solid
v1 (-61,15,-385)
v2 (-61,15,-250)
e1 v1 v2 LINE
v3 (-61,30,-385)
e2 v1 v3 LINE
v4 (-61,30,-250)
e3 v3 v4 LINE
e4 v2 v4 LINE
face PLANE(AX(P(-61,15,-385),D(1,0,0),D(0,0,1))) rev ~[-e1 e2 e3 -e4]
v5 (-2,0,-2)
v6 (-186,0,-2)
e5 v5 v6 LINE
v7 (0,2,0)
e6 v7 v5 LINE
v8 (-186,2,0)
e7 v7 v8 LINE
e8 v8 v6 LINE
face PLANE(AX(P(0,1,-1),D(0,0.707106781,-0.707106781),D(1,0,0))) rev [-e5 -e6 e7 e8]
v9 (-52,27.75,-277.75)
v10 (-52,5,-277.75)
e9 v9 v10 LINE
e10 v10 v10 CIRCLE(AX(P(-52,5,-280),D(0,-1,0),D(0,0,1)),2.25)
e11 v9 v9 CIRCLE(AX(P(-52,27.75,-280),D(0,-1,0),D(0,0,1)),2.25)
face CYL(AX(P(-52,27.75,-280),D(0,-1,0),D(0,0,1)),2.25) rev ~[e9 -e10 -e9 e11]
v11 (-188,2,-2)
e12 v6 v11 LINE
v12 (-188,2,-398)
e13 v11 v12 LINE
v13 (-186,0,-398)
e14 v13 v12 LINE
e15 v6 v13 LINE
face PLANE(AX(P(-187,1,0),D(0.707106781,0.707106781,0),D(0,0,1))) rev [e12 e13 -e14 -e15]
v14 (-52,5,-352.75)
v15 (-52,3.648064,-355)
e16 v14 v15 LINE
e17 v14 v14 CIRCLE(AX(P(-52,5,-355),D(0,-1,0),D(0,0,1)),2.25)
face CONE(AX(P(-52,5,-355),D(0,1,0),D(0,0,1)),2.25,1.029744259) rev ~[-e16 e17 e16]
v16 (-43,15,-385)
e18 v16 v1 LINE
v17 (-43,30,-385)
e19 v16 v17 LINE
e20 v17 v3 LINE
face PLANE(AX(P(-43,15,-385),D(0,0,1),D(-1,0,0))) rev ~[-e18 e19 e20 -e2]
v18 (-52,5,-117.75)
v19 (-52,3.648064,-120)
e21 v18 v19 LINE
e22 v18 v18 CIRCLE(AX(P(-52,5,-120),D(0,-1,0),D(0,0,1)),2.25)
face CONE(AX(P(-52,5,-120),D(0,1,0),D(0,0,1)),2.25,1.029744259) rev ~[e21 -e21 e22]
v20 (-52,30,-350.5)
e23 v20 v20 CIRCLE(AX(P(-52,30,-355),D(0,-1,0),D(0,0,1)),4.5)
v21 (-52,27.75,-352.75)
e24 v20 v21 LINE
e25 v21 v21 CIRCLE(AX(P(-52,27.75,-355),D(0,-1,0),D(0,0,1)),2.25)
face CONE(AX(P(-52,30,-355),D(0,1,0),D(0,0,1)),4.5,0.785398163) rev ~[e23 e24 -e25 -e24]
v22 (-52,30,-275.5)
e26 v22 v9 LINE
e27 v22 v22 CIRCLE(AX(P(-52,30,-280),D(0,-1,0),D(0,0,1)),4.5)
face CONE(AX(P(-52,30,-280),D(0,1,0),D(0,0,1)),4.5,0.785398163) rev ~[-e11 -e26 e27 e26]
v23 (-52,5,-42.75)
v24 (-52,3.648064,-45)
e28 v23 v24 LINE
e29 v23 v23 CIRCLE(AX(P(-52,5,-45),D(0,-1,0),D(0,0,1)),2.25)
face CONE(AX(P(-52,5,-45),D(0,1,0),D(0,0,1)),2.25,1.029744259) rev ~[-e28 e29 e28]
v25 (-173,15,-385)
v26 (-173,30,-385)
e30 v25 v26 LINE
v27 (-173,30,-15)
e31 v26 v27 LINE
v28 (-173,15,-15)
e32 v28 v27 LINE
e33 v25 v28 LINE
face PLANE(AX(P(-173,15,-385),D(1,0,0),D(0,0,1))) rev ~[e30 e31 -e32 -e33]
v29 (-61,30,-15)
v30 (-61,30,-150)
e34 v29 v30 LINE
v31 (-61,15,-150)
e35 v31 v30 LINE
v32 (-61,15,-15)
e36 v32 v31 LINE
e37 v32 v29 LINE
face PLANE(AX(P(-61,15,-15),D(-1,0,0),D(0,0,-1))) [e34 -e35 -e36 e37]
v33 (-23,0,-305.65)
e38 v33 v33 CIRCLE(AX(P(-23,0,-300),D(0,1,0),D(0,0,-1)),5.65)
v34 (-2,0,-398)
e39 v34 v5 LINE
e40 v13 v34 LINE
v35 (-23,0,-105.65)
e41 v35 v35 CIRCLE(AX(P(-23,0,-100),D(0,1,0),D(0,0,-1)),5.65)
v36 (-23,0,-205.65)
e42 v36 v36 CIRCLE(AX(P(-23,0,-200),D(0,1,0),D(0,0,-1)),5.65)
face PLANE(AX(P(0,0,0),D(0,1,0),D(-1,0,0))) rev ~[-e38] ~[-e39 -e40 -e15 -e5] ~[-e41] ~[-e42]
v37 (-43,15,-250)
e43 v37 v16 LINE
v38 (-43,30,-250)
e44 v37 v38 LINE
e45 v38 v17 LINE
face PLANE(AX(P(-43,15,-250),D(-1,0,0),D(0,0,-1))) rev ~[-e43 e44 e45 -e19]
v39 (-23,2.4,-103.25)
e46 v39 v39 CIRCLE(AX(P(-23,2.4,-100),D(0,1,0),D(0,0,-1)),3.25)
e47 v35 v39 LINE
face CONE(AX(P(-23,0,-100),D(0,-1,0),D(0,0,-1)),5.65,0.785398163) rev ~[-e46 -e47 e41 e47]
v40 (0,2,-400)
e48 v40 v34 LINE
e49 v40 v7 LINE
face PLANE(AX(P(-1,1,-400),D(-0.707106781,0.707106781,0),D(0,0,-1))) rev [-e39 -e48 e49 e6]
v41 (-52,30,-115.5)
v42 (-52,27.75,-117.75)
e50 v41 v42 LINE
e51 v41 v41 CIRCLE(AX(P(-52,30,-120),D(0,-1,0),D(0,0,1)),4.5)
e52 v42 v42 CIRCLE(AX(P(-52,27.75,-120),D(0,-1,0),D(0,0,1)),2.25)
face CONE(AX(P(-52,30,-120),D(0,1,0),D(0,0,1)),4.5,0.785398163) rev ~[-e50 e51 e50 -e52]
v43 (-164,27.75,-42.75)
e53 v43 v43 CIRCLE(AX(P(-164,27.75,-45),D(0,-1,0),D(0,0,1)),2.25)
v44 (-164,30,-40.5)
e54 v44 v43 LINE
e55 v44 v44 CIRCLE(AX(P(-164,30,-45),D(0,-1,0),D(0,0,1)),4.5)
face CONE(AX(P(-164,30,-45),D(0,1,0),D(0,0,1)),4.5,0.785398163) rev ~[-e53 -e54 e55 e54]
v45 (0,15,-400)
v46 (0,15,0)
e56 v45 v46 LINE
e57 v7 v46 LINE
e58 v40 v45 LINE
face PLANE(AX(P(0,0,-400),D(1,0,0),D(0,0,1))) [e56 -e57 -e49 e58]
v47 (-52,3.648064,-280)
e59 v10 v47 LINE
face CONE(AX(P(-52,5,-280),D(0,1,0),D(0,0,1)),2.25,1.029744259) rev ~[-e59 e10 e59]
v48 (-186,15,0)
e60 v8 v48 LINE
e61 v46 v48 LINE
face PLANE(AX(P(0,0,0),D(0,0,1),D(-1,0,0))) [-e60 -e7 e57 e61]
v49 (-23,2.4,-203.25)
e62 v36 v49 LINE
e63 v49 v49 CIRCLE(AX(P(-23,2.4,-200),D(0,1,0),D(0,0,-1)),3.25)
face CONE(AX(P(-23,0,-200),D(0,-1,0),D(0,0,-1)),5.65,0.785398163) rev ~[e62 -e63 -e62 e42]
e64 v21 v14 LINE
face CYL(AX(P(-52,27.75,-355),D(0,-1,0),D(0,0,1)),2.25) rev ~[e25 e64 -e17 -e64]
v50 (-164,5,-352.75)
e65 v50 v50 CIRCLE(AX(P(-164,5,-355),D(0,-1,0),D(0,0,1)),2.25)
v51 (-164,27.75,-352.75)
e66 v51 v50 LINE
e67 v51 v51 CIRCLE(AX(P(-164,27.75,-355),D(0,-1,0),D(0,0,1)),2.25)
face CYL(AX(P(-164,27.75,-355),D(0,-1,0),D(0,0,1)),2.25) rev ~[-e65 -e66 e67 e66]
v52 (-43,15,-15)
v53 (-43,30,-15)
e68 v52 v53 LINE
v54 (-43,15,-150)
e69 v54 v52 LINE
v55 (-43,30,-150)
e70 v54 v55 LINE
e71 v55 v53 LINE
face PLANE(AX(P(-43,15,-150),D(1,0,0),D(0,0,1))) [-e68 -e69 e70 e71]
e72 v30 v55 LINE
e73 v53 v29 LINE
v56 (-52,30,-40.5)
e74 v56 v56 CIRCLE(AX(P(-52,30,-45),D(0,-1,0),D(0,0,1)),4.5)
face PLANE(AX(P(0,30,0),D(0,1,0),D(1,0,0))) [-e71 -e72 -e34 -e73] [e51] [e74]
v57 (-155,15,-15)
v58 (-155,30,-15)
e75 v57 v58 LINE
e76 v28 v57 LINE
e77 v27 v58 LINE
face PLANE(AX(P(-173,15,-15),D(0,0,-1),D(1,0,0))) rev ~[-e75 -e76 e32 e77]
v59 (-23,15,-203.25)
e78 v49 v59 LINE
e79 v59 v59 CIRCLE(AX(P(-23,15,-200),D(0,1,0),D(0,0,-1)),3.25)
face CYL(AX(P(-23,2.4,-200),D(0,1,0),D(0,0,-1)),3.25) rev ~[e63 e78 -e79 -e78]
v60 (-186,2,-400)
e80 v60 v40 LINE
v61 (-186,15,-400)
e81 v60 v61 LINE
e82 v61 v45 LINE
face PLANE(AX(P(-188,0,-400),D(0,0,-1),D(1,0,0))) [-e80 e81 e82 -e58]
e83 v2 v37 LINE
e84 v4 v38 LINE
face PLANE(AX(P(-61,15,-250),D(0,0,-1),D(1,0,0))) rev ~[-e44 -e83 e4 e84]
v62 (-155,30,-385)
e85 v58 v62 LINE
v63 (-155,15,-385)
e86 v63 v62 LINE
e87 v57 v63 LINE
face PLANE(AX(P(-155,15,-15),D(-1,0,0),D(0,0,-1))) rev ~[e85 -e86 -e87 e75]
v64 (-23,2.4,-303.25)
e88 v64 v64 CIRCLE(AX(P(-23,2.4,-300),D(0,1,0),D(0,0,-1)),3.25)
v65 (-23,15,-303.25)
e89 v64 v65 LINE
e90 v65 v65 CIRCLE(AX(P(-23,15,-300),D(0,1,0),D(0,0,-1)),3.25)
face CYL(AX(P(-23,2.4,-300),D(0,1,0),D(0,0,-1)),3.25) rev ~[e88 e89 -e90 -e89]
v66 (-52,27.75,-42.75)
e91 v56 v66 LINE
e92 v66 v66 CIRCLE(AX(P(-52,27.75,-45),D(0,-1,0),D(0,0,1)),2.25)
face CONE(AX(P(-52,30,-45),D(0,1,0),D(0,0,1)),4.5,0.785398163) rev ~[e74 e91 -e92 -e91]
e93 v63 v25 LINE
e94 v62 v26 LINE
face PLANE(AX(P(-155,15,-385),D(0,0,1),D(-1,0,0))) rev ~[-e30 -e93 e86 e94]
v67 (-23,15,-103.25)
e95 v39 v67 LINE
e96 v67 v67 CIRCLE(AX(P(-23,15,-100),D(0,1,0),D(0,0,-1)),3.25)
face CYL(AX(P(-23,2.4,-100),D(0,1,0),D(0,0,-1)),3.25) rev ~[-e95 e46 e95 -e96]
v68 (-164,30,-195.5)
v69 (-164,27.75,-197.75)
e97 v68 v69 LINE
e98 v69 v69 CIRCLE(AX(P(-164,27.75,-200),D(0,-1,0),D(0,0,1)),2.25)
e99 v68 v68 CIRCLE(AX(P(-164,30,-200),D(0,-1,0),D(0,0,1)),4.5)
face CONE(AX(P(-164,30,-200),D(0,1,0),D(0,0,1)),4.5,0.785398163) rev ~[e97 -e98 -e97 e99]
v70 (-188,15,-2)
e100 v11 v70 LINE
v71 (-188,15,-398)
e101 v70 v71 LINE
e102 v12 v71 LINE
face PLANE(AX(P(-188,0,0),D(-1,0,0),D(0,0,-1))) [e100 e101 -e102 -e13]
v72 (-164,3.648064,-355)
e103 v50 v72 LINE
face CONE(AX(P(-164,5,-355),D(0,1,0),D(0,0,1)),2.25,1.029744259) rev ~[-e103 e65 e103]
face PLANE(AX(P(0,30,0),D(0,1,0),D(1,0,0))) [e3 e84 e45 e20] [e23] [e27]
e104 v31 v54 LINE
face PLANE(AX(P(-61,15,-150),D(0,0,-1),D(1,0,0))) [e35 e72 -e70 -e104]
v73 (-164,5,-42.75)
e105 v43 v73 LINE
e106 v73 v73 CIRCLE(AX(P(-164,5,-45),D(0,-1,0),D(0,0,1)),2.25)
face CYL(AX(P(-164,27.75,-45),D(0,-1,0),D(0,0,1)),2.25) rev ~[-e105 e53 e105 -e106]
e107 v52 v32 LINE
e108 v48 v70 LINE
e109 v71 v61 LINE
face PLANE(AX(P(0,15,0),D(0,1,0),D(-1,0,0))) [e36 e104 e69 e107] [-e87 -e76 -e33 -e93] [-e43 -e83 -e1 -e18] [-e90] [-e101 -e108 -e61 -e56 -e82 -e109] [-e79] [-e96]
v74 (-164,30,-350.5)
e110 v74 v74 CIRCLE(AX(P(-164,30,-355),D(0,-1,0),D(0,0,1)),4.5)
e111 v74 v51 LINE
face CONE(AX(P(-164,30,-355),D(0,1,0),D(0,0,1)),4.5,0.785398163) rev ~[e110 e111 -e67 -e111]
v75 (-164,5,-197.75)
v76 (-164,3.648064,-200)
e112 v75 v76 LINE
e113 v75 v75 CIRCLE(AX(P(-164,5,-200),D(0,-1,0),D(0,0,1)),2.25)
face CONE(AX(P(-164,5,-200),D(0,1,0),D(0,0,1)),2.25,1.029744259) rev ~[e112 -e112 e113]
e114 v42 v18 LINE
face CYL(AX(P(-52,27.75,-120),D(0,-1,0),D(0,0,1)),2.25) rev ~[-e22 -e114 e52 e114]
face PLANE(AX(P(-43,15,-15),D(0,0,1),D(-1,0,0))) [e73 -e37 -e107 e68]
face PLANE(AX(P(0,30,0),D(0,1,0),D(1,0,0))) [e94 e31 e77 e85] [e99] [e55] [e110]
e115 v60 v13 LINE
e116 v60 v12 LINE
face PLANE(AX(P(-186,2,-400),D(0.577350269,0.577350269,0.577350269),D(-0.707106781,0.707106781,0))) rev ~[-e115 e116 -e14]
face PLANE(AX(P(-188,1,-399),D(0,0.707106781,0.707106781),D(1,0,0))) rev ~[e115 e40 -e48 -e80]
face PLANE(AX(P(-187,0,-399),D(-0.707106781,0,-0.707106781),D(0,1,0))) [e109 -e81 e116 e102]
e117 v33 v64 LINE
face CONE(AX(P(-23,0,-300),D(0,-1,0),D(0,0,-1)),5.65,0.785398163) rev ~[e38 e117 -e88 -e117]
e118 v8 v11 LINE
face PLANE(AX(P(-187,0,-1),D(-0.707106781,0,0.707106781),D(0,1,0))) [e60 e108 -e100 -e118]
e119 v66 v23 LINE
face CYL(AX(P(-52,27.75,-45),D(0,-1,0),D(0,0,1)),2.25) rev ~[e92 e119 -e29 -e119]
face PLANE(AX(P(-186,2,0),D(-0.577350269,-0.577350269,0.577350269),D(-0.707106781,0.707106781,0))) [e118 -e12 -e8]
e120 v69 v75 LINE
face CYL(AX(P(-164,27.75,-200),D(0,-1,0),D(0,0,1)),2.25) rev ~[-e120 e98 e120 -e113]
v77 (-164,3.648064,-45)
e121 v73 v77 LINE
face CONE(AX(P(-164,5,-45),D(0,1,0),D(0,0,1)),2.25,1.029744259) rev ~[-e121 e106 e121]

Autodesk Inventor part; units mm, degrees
ref_plane "YZ Plane" through (0, 0, 0) normal (1, 0, 0) x (0, 1, 0)
ref_plane "XZ Plane" through (0, 0, 0) normal (0, 1, 0) x (-1, 0, 0)
ref_plane "XY Plane" through (0, 0, 0) normal (0, 0, 1) x (1, 0, 0)
sketch "Skizze1" plane through (0, 0, 0) normal (0, 1, 0) x (-1, 0, 0)
  line L0 (0, 0) -> (188, 0)
  line L1 (188, 0) -> (188, -400)
  line L2 (188, -400) -> (0, -400)
  line L3 (0, -400) -> (0, 0)
  dimension "d1" = 188
  dimension "d2" = 400
extrude "Extrusion1" add sketch "Skizze1" along normal blind 15
sketch "Skizze2" plane through (0, 15, 0) normal (0, 1, 0) x (1, 0, 0)
  line L0 (-173, 15) -> (-155, 15)
  line L1 (-155, 15) -> (-155, 385)
  line L2 (-155, 385) -> (-173, 385)
  line L3 (-173, 385) -> (-173, 15)
  line L4 (-43, 15) -> (-61, 15)
  line L5 (-61, 15) -> (-61, 150)
  line L6 (-61, 150) -> (-43, 150)
  line L7 (-43, 150) -> (-43, 15)
  line L8 (-43, 385) -> (-61, 385)
  line L9 (-61, 385) -> (-61, 250)
  line L10 (-61, 250) -> (-43, 250)
  line L11 (-43, 250) -> (-43, 385)
  line L12 (-188, 0) -> (0, 0) projected
  line L13 (0, 0) -> (0, 400) projected
  dimension "d5" = 18
  dimension "d6" = 370
  dimension "d7" = 18
  dimension "d8" = 135
  dimension "d9" = 135
  dimension "d10" = 18
  dimension "d11" = 15
  dimension "d12" = 150
  dimension "d13" = 250
  dimension "d14" = 43
  dimension "d15" = 155
  dimension "d16" = 43
extrude "Extrusion2" add sketch "Skizze2" along normal blind 15
sketch "Skizze3" plane through (0, 30, 0) normal (0, 1, 0) x (1, 0, 0)
  point P0 (0, 0)
  point P1 (-52, 45)
  point P2 (-52, 120)
  point P3 (-52, 280)
  point P4 (-52, 355)
  point P5 (-164, 355)
  point P6 (-164, 200)
  point P7 (-164, 45)
hole "Bohrung1" at (-52, 30, -45) at (-52, 30, -120) at (-52, 30, -280) at (-52, 30, -355) at (-164, 30, -355) at (-164, 30, -200) at (-164, 30, -45) direction (0, -1, 0) diameter 4.5 depth 25 tip angle 118 countersink diameter 9 countersink angle 90
sketch "Skizze4" plane through (0, 0, 0) normal (0, -1, 0) x (1, 0, 0)
  line L0 (0, 0) -> (-188, 0) projected
  line L1 (0, -400) -> (0, 0) projected
  point P0 (-23, -200)
  point P1 (-23, -100)
  point P2 (-23, -300)
  dimension "d26" = 100
  dimension "d27" = 200
  dimension "d28" = 300
  dimension "d29" = 23
  dimension "d30" = 23
  dimension "d31" = 23
hole "Bohrung2" at (-23, 0, -100) at (-23, 0, -200) at (-23, 0, -300) direction (0, 1, 0) diameter 6.5 end through all countersink diameter 11.3 countersink angle 90
chamfer "Fase1" distance 2 angle 45 6 edges at (-188, 0, -200) (-94, 0, 0) (-188, 7.5, 0) (0, 0, -200) (-94, 0, -400) (-188, 7.5, -400)
properties part number "frontHolz" material "Pappel"
